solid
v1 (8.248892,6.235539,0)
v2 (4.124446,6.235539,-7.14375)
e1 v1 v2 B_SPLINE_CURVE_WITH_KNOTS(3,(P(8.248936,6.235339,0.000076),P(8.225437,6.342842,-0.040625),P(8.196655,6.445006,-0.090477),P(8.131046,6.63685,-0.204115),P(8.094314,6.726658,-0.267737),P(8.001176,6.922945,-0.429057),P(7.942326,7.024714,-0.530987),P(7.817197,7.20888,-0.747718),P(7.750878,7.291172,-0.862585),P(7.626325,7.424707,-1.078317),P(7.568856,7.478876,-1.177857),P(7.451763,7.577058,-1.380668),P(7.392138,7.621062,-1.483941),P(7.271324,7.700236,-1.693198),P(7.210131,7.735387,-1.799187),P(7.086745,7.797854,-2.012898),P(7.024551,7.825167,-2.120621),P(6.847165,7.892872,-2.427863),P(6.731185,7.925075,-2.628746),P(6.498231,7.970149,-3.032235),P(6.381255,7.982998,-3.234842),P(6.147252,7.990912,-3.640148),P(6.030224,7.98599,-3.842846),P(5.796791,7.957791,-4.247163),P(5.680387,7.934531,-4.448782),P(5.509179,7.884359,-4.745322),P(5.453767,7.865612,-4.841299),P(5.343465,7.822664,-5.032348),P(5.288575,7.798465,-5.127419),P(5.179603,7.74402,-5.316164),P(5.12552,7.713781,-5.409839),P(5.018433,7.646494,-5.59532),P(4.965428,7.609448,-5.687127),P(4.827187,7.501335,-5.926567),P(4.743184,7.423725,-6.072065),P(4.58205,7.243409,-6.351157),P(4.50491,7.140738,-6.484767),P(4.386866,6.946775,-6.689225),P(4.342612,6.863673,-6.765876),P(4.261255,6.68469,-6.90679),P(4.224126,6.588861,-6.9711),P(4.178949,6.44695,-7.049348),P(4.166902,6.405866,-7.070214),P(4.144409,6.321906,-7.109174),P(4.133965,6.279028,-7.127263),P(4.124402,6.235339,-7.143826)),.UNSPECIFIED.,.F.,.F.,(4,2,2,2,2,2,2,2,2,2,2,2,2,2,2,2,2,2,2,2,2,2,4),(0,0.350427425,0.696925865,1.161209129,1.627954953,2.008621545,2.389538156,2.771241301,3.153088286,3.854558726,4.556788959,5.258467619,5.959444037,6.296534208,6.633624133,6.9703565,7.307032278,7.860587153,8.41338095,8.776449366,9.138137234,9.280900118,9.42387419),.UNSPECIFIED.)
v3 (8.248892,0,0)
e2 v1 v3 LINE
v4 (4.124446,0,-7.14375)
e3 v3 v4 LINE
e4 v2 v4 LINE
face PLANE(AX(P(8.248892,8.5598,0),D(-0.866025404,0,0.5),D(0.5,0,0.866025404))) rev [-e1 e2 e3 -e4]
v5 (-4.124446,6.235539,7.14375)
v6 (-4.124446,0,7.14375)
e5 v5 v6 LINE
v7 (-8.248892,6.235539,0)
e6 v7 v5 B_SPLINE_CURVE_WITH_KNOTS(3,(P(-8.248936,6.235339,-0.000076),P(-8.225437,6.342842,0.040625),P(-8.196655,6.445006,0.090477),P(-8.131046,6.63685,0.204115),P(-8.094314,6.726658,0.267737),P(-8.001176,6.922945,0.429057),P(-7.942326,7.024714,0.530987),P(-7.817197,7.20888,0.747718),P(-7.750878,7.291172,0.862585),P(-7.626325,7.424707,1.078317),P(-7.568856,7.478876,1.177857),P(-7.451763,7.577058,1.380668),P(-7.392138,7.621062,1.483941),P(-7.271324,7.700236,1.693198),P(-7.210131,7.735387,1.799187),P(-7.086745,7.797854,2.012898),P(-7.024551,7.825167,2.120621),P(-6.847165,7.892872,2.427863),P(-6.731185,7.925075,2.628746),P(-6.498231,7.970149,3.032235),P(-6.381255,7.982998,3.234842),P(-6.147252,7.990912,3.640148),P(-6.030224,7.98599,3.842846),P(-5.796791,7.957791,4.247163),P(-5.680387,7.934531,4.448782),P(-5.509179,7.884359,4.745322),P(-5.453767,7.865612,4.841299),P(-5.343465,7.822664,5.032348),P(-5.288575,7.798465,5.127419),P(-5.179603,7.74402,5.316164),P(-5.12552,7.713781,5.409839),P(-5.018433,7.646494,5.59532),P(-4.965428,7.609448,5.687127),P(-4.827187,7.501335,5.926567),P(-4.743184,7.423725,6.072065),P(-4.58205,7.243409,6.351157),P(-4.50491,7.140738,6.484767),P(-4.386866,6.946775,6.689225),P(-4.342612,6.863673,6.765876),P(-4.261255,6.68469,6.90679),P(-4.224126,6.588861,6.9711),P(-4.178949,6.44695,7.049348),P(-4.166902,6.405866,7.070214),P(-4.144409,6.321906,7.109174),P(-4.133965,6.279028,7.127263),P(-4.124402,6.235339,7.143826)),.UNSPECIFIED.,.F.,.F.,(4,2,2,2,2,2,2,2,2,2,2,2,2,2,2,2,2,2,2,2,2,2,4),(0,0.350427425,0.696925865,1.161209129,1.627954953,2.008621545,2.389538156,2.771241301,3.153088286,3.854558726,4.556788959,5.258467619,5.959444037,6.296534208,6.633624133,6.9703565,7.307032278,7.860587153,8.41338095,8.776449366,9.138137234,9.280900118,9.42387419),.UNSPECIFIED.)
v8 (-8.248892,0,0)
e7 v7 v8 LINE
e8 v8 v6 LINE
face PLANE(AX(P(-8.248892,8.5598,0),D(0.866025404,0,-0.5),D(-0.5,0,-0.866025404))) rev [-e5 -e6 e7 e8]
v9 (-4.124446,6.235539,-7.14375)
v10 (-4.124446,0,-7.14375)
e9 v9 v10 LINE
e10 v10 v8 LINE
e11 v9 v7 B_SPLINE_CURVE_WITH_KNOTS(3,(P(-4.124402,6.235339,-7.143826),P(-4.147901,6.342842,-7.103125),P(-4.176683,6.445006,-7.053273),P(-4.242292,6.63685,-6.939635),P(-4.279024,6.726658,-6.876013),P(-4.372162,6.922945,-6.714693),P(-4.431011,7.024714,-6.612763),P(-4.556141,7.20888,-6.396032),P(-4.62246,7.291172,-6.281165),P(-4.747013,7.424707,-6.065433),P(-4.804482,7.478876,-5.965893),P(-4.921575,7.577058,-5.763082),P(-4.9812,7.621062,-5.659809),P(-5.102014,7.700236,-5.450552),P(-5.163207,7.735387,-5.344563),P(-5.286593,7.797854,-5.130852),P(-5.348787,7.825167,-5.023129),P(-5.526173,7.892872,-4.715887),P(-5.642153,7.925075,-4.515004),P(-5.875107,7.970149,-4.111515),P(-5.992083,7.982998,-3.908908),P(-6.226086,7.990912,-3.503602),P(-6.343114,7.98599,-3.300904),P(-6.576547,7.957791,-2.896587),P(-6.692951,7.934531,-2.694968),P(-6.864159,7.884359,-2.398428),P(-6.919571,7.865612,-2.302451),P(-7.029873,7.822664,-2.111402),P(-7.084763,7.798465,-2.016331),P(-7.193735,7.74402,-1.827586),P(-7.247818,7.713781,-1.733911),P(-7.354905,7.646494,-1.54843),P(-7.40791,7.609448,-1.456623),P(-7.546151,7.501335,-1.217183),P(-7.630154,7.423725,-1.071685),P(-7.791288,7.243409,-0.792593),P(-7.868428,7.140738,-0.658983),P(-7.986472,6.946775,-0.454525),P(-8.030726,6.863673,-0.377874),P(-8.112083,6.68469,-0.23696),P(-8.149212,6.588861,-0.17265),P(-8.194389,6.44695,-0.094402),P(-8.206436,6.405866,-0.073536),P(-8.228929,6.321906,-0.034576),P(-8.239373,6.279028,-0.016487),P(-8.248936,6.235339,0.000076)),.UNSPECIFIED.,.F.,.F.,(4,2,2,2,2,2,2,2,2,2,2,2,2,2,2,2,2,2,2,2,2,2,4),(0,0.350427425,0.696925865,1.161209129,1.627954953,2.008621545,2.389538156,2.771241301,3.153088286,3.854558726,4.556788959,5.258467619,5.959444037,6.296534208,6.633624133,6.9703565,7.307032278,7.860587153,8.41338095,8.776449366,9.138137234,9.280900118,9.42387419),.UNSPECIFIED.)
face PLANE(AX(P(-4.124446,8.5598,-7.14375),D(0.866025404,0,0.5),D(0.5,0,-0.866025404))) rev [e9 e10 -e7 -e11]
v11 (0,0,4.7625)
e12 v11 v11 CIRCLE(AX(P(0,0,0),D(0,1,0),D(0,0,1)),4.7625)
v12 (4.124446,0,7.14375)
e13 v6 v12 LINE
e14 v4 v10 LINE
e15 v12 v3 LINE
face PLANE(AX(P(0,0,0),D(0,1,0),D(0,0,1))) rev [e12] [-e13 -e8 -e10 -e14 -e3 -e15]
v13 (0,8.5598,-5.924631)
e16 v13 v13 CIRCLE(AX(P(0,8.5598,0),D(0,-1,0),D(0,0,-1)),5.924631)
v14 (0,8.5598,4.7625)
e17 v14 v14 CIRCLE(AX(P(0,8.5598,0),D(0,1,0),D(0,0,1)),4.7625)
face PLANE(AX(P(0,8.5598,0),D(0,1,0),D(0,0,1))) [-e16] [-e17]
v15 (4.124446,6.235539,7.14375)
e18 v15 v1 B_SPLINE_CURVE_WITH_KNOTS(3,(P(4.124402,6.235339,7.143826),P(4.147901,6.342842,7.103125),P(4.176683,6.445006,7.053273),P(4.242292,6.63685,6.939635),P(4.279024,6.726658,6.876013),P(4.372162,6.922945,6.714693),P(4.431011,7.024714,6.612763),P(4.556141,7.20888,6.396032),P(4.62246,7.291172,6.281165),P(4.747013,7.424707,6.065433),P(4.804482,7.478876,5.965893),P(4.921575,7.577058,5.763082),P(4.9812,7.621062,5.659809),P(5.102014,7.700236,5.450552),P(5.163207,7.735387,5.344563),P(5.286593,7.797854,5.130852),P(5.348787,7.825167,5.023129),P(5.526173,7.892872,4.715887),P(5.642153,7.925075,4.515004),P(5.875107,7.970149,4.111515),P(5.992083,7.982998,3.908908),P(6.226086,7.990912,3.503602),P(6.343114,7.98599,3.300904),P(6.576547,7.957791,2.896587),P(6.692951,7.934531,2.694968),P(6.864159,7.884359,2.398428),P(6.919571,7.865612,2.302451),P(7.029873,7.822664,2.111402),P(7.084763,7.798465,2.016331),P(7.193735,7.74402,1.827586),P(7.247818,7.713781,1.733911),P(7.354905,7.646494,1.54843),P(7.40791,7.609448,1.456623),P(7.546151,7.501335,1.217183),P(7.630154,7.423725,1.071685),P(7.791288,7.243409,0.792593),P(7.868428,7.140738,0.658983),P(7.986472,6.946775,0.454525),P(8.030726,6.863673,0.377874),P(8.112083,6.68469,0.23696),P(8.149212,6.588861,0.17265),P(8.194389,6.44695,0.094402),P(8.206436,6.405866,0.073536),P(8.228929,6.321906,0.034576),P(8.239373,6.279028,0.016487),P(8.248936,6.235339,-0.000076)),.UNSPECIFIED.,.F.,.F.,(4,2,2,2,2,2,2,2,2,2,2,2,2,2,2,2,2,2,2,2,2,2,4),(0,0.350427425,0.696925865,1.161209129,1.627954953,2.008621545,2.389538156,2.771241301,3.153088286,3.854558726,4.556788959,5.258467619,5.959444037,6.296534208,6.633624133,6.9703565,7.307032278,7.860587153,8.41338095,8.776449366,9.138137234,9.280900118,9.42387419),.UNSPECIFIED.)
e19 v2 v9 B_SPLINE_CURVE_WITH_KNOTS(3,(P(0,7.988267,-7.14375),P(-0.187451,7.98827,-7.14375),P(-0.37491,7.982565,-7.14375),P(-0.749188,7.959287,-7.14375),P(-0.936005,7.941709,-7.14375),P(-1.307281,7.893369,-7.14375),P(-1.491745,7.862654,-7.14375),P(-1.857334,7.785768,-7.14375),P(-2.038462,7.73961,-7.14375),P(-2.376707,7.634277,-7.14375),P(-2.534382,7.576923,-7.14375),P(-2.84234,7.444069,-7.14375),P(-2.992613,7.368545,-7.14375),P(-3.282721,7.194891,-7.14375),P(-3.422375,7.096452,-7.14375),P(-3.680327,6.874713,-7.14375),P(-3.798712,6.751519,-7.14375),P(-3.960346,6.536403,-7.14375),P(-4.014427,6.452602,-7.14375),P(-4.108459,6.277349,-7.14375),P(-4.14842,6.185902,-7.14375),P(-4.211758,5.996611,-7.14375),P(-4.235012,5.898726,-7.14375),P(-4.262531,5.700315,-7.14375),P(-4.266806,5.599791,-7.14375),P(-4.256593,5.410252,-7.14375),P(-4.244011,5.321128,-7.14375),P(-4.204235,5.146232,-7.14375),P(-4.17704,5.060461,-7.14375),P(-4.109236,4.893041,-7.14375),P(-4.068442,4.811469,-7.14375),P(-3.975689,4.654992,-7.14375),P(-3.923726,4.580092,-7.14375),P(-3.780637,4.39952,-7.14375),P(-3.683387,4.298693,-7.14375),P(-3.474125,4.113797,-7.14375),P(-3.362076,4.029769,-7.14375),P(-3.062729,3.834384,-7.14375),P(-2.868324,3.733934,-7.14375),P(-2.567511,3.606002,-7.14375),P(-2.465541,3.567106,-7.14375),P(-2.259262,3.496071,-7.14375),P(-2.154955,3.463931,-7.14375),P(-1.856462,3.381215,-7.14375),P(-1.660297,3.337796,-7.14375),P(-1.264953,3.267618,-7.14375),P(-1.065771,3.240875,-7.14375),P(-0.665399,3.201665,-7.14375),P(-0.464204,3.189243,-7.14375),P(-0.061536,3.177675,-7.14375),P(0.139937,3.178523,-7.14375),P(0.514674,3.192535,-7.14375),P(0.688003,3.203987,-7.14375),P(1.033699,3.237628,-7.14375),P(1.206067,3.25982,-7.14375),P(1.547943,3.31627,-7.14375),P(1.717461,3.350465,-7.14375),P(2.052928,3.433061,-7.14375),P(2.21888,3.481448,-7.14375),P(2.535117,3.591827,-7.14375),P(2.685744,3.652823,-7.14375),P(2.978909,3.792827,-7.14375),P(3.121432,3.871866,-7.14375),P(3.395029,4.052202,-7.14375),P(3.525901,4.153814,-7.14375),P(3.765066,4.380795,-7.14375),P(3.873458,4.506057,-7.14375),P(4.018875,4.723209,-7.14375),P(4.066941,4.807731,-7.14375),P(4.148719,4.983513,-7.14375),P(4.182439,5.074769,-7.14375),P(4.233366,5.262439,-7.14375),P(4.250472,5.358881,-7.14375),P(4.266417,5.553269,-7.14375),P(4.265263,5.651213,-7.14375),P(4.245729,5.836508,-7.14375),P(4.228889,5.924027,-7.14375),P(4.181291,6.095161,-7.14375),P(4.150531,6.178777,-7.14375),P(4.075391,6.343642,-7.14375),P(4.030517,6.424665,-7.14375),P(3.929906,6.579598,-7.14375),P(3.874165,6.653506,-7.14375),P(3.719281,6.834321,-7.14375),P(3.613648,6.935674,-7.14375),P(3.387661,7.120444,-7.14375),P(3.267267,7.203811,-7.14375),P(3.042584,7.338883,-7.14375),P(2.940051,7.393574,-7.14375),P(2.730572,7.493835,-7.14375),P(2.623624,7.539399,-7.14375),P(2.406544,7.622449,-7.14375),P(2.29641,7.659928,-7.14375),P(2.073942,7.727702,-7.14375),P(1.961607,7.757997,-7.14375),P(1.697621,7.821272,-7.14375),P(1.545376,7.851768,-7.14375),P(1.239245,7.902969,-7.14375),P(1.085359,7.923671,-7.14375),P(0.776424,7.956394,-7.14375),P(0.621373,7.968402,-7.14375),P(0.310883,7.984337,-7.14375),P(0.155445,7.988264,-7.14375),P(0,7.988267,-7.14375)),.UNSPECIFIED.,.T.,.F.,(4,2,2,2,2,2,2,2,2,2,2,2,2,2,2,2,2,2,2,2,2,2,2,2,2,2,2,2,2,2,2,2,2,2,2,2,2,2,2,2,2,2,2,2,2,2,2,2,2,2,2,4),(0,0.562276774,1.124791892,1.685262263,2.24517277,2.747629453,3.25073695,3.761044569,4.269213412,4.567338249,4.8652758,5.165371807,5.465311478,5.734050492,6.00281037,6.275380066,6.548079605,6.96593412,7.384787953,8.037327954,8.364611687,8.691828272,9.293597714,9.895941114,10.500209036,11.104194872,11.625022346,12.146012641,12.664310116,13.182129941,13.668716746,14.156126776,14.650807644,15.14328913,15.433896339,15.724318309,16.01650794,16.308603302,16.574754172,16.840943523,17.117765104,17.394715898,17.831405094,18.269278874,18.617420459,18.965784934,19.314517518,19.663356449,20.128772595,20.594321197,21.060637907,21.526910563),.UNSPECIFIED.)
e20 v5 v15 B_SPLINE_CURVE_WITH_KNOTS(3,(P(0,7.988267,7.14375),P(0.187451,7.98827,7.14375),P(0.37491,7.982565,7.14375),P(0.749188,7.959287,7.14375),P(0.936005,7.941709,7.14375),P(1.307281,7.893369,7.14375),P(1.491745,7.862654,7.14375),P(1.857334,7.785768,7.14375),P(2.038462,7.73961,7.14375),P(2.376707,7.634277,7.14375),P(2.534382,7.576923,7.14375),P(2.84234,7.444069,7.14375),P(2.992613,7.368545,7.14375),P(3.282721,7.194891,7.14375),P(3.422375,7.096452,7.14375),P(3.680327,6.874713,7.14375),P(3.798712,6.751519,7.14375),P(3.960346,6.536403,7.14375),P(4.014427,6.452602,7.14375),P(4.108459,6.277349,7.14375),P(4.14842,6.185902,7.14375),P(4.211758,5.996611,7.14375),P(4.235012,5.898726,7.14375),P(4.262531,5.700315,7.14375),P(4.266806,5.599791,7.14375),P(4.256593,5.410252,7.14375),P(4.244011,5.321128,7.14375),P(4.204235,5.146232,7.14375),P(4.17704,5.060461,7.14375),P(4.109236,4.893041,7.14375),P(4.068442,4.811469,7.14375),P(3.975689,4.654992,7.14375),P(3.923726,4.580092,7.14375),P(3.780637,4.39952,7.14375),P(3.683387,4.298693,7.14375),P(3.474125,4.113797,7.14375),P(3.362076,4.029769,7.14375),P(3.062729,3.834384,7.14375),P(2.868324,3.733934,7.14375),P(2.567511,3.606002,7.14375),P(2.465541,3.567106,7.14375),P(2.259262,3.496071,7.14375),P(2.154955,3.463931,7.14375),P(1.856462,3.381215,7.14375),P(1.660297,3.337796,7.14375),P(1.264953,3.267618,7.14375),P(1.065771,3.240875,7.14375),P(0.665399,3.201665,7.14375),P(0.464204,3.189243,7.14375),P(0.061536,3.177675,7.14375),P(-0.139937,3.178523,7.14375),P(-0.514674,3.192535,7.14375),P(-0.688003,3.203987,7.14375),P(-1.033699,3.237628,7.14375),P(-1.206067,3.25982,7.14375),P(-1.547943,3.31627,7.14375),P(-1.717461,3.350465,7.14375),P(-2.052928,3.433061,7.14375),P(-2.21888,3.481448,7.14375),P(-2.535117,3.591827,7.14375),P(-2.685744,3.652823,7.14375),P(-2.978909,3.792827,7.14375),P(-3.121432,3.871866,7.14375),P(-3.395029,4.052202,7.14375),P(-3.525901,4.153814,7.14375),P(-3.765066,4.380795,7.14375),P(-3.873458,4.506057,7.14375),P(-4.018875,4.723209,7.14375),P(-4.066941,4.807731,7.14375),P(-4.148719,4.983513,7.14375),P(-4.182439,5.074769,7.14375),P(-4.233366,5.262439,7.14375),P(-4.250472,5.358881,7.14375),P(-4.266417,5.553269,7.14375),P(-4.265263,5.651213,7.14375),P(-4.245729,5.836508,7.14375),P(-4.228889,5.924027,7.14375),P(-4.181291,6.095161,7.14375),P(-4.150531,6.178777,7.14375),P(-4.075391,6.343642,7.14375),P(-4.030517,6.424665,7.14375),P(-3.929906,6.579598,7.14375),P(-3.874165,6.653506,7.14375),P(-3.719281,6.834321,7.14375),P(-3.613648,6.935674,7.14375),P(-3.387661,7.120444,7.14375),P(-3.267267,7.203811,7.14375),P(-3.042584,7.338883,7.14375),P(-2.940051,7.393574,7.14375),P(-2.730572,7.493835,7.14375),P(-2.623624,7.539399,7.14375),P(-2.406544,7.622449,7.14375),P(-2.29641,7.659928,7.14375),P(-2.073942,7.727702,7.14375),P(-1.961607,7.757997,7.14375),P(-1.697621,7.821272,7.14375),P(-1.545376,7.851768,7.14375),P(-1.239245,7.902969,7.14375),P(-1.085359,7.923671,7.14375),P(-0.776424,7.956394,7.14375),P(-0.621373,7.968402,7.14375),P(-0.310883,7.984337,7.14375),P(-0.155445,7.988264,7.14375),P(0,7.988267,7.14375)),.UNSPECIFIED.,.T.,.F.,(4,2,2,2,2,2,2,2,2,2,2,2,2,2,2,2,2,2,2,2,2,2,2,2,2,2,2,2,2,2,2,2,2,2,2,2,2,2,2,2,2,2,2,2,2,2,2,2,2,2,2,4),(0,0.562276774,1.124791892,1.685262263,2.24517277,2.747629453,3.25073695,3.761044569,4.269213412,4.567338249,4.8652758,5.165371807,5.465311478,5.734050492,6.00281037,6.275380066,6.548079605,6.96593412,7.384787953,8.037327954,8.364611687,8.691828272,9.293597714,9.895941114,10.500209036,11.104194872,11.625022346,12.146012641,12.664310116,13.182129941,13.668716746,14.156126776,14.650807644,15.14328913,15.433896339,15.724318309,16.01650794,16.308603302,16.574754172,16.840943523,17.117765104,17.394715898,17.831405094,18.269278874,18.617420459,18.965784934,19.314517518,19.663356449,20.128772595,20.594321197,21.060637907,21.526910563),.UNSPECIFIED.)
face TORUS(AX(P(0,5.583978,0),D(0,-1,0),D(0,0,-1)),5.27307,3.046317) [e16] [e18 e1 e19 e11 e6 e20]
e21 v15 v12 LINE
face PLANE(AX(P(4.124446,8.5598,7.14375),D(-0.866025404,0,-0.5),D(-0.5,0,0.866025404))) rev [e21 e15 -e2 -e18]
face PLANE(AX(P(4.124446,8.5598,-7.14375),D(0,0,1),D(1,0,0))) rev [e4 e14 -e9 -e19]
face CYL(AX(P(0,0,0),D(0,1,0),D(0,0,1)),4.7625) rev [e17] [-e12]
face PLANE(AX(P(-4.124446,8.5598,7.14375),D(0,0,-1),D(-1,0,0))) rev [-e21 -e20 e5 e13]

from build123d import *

# Parameters (mm, degrees)
BOSS_EXTRU_1_DEPTH      = 8.5598
ESQUISSE2_R             = 4.7625
ENL_V_MAT_EXTRU_1_DEPTH = 14.86894224


with BuildPart() as part:
    # Esquisse1 → Boss.-Extru.1 (new body)
    with BuildSketch(Plane(origin=(0, 0, 0), x_dir=(1, 0, 0), z_dir=(0, 1, 0))):
        Polygon((4.124445986, 7.14375), (-4.124445986, 7.14375), (-8.248891971, 0), (-4.124445986, -7.14375), (4.124445986, -7.14375), (8.248891971, 0), align=None)
    extrude(amount=BOSS_EXTRU_1_DEPTH)

    # Esquisse2 → Enlèv. mat.-Extru.1 (cut, through all)
    with BuildSketch(Plane(origin=(0, 8.5598, 0), x_dir=(1, 0, 0), z_dir=(0, 1, 0))):
        with Locations(Location((0, 0, 0), (0, 0, 270))):
            Circle(ESQUISSE2_R)
    extrude(amount=-ENL_V_MAT_EXTRU_1_DEPTH, mode=Mode.SUBTRACT)

    # Esquisse6 → Enlèvement de matière-Révolution1 (revolve, cut)
    with BuildSketch(Plane.XY, mode=Mode.PRIVATE) as enl_vement_de_mati_re_r_volution1_sk:
        with BuildLine():
            Line((-8.248891971, 8.5598), (-7.086761314, 8.5598))
            Line((-7.086761314, 8.5598), (-5.924630657, 8.5598))
            ThreePointArc((-5.924630657, 8.5598), (-7.427141503, 7.738049532), (-8.248891971, 6.235538686))
            Line((-8.248891971, 6.235538686), (-8.248891971, 7.397669343))
            Line((-8.248891971, 7.397669343), (-8.248891971, 8.5598))
        make_face()
    revolve(enl_vement_de_mati_re_r_volution1_sk.sketch.rotate(Axis((0, 0, 0), (0, 1, 0)), 270), axis=Axis((0, 0, 0), (0, 1, 0)), mode=Mode.SUBTRACT)


solid = part.part
